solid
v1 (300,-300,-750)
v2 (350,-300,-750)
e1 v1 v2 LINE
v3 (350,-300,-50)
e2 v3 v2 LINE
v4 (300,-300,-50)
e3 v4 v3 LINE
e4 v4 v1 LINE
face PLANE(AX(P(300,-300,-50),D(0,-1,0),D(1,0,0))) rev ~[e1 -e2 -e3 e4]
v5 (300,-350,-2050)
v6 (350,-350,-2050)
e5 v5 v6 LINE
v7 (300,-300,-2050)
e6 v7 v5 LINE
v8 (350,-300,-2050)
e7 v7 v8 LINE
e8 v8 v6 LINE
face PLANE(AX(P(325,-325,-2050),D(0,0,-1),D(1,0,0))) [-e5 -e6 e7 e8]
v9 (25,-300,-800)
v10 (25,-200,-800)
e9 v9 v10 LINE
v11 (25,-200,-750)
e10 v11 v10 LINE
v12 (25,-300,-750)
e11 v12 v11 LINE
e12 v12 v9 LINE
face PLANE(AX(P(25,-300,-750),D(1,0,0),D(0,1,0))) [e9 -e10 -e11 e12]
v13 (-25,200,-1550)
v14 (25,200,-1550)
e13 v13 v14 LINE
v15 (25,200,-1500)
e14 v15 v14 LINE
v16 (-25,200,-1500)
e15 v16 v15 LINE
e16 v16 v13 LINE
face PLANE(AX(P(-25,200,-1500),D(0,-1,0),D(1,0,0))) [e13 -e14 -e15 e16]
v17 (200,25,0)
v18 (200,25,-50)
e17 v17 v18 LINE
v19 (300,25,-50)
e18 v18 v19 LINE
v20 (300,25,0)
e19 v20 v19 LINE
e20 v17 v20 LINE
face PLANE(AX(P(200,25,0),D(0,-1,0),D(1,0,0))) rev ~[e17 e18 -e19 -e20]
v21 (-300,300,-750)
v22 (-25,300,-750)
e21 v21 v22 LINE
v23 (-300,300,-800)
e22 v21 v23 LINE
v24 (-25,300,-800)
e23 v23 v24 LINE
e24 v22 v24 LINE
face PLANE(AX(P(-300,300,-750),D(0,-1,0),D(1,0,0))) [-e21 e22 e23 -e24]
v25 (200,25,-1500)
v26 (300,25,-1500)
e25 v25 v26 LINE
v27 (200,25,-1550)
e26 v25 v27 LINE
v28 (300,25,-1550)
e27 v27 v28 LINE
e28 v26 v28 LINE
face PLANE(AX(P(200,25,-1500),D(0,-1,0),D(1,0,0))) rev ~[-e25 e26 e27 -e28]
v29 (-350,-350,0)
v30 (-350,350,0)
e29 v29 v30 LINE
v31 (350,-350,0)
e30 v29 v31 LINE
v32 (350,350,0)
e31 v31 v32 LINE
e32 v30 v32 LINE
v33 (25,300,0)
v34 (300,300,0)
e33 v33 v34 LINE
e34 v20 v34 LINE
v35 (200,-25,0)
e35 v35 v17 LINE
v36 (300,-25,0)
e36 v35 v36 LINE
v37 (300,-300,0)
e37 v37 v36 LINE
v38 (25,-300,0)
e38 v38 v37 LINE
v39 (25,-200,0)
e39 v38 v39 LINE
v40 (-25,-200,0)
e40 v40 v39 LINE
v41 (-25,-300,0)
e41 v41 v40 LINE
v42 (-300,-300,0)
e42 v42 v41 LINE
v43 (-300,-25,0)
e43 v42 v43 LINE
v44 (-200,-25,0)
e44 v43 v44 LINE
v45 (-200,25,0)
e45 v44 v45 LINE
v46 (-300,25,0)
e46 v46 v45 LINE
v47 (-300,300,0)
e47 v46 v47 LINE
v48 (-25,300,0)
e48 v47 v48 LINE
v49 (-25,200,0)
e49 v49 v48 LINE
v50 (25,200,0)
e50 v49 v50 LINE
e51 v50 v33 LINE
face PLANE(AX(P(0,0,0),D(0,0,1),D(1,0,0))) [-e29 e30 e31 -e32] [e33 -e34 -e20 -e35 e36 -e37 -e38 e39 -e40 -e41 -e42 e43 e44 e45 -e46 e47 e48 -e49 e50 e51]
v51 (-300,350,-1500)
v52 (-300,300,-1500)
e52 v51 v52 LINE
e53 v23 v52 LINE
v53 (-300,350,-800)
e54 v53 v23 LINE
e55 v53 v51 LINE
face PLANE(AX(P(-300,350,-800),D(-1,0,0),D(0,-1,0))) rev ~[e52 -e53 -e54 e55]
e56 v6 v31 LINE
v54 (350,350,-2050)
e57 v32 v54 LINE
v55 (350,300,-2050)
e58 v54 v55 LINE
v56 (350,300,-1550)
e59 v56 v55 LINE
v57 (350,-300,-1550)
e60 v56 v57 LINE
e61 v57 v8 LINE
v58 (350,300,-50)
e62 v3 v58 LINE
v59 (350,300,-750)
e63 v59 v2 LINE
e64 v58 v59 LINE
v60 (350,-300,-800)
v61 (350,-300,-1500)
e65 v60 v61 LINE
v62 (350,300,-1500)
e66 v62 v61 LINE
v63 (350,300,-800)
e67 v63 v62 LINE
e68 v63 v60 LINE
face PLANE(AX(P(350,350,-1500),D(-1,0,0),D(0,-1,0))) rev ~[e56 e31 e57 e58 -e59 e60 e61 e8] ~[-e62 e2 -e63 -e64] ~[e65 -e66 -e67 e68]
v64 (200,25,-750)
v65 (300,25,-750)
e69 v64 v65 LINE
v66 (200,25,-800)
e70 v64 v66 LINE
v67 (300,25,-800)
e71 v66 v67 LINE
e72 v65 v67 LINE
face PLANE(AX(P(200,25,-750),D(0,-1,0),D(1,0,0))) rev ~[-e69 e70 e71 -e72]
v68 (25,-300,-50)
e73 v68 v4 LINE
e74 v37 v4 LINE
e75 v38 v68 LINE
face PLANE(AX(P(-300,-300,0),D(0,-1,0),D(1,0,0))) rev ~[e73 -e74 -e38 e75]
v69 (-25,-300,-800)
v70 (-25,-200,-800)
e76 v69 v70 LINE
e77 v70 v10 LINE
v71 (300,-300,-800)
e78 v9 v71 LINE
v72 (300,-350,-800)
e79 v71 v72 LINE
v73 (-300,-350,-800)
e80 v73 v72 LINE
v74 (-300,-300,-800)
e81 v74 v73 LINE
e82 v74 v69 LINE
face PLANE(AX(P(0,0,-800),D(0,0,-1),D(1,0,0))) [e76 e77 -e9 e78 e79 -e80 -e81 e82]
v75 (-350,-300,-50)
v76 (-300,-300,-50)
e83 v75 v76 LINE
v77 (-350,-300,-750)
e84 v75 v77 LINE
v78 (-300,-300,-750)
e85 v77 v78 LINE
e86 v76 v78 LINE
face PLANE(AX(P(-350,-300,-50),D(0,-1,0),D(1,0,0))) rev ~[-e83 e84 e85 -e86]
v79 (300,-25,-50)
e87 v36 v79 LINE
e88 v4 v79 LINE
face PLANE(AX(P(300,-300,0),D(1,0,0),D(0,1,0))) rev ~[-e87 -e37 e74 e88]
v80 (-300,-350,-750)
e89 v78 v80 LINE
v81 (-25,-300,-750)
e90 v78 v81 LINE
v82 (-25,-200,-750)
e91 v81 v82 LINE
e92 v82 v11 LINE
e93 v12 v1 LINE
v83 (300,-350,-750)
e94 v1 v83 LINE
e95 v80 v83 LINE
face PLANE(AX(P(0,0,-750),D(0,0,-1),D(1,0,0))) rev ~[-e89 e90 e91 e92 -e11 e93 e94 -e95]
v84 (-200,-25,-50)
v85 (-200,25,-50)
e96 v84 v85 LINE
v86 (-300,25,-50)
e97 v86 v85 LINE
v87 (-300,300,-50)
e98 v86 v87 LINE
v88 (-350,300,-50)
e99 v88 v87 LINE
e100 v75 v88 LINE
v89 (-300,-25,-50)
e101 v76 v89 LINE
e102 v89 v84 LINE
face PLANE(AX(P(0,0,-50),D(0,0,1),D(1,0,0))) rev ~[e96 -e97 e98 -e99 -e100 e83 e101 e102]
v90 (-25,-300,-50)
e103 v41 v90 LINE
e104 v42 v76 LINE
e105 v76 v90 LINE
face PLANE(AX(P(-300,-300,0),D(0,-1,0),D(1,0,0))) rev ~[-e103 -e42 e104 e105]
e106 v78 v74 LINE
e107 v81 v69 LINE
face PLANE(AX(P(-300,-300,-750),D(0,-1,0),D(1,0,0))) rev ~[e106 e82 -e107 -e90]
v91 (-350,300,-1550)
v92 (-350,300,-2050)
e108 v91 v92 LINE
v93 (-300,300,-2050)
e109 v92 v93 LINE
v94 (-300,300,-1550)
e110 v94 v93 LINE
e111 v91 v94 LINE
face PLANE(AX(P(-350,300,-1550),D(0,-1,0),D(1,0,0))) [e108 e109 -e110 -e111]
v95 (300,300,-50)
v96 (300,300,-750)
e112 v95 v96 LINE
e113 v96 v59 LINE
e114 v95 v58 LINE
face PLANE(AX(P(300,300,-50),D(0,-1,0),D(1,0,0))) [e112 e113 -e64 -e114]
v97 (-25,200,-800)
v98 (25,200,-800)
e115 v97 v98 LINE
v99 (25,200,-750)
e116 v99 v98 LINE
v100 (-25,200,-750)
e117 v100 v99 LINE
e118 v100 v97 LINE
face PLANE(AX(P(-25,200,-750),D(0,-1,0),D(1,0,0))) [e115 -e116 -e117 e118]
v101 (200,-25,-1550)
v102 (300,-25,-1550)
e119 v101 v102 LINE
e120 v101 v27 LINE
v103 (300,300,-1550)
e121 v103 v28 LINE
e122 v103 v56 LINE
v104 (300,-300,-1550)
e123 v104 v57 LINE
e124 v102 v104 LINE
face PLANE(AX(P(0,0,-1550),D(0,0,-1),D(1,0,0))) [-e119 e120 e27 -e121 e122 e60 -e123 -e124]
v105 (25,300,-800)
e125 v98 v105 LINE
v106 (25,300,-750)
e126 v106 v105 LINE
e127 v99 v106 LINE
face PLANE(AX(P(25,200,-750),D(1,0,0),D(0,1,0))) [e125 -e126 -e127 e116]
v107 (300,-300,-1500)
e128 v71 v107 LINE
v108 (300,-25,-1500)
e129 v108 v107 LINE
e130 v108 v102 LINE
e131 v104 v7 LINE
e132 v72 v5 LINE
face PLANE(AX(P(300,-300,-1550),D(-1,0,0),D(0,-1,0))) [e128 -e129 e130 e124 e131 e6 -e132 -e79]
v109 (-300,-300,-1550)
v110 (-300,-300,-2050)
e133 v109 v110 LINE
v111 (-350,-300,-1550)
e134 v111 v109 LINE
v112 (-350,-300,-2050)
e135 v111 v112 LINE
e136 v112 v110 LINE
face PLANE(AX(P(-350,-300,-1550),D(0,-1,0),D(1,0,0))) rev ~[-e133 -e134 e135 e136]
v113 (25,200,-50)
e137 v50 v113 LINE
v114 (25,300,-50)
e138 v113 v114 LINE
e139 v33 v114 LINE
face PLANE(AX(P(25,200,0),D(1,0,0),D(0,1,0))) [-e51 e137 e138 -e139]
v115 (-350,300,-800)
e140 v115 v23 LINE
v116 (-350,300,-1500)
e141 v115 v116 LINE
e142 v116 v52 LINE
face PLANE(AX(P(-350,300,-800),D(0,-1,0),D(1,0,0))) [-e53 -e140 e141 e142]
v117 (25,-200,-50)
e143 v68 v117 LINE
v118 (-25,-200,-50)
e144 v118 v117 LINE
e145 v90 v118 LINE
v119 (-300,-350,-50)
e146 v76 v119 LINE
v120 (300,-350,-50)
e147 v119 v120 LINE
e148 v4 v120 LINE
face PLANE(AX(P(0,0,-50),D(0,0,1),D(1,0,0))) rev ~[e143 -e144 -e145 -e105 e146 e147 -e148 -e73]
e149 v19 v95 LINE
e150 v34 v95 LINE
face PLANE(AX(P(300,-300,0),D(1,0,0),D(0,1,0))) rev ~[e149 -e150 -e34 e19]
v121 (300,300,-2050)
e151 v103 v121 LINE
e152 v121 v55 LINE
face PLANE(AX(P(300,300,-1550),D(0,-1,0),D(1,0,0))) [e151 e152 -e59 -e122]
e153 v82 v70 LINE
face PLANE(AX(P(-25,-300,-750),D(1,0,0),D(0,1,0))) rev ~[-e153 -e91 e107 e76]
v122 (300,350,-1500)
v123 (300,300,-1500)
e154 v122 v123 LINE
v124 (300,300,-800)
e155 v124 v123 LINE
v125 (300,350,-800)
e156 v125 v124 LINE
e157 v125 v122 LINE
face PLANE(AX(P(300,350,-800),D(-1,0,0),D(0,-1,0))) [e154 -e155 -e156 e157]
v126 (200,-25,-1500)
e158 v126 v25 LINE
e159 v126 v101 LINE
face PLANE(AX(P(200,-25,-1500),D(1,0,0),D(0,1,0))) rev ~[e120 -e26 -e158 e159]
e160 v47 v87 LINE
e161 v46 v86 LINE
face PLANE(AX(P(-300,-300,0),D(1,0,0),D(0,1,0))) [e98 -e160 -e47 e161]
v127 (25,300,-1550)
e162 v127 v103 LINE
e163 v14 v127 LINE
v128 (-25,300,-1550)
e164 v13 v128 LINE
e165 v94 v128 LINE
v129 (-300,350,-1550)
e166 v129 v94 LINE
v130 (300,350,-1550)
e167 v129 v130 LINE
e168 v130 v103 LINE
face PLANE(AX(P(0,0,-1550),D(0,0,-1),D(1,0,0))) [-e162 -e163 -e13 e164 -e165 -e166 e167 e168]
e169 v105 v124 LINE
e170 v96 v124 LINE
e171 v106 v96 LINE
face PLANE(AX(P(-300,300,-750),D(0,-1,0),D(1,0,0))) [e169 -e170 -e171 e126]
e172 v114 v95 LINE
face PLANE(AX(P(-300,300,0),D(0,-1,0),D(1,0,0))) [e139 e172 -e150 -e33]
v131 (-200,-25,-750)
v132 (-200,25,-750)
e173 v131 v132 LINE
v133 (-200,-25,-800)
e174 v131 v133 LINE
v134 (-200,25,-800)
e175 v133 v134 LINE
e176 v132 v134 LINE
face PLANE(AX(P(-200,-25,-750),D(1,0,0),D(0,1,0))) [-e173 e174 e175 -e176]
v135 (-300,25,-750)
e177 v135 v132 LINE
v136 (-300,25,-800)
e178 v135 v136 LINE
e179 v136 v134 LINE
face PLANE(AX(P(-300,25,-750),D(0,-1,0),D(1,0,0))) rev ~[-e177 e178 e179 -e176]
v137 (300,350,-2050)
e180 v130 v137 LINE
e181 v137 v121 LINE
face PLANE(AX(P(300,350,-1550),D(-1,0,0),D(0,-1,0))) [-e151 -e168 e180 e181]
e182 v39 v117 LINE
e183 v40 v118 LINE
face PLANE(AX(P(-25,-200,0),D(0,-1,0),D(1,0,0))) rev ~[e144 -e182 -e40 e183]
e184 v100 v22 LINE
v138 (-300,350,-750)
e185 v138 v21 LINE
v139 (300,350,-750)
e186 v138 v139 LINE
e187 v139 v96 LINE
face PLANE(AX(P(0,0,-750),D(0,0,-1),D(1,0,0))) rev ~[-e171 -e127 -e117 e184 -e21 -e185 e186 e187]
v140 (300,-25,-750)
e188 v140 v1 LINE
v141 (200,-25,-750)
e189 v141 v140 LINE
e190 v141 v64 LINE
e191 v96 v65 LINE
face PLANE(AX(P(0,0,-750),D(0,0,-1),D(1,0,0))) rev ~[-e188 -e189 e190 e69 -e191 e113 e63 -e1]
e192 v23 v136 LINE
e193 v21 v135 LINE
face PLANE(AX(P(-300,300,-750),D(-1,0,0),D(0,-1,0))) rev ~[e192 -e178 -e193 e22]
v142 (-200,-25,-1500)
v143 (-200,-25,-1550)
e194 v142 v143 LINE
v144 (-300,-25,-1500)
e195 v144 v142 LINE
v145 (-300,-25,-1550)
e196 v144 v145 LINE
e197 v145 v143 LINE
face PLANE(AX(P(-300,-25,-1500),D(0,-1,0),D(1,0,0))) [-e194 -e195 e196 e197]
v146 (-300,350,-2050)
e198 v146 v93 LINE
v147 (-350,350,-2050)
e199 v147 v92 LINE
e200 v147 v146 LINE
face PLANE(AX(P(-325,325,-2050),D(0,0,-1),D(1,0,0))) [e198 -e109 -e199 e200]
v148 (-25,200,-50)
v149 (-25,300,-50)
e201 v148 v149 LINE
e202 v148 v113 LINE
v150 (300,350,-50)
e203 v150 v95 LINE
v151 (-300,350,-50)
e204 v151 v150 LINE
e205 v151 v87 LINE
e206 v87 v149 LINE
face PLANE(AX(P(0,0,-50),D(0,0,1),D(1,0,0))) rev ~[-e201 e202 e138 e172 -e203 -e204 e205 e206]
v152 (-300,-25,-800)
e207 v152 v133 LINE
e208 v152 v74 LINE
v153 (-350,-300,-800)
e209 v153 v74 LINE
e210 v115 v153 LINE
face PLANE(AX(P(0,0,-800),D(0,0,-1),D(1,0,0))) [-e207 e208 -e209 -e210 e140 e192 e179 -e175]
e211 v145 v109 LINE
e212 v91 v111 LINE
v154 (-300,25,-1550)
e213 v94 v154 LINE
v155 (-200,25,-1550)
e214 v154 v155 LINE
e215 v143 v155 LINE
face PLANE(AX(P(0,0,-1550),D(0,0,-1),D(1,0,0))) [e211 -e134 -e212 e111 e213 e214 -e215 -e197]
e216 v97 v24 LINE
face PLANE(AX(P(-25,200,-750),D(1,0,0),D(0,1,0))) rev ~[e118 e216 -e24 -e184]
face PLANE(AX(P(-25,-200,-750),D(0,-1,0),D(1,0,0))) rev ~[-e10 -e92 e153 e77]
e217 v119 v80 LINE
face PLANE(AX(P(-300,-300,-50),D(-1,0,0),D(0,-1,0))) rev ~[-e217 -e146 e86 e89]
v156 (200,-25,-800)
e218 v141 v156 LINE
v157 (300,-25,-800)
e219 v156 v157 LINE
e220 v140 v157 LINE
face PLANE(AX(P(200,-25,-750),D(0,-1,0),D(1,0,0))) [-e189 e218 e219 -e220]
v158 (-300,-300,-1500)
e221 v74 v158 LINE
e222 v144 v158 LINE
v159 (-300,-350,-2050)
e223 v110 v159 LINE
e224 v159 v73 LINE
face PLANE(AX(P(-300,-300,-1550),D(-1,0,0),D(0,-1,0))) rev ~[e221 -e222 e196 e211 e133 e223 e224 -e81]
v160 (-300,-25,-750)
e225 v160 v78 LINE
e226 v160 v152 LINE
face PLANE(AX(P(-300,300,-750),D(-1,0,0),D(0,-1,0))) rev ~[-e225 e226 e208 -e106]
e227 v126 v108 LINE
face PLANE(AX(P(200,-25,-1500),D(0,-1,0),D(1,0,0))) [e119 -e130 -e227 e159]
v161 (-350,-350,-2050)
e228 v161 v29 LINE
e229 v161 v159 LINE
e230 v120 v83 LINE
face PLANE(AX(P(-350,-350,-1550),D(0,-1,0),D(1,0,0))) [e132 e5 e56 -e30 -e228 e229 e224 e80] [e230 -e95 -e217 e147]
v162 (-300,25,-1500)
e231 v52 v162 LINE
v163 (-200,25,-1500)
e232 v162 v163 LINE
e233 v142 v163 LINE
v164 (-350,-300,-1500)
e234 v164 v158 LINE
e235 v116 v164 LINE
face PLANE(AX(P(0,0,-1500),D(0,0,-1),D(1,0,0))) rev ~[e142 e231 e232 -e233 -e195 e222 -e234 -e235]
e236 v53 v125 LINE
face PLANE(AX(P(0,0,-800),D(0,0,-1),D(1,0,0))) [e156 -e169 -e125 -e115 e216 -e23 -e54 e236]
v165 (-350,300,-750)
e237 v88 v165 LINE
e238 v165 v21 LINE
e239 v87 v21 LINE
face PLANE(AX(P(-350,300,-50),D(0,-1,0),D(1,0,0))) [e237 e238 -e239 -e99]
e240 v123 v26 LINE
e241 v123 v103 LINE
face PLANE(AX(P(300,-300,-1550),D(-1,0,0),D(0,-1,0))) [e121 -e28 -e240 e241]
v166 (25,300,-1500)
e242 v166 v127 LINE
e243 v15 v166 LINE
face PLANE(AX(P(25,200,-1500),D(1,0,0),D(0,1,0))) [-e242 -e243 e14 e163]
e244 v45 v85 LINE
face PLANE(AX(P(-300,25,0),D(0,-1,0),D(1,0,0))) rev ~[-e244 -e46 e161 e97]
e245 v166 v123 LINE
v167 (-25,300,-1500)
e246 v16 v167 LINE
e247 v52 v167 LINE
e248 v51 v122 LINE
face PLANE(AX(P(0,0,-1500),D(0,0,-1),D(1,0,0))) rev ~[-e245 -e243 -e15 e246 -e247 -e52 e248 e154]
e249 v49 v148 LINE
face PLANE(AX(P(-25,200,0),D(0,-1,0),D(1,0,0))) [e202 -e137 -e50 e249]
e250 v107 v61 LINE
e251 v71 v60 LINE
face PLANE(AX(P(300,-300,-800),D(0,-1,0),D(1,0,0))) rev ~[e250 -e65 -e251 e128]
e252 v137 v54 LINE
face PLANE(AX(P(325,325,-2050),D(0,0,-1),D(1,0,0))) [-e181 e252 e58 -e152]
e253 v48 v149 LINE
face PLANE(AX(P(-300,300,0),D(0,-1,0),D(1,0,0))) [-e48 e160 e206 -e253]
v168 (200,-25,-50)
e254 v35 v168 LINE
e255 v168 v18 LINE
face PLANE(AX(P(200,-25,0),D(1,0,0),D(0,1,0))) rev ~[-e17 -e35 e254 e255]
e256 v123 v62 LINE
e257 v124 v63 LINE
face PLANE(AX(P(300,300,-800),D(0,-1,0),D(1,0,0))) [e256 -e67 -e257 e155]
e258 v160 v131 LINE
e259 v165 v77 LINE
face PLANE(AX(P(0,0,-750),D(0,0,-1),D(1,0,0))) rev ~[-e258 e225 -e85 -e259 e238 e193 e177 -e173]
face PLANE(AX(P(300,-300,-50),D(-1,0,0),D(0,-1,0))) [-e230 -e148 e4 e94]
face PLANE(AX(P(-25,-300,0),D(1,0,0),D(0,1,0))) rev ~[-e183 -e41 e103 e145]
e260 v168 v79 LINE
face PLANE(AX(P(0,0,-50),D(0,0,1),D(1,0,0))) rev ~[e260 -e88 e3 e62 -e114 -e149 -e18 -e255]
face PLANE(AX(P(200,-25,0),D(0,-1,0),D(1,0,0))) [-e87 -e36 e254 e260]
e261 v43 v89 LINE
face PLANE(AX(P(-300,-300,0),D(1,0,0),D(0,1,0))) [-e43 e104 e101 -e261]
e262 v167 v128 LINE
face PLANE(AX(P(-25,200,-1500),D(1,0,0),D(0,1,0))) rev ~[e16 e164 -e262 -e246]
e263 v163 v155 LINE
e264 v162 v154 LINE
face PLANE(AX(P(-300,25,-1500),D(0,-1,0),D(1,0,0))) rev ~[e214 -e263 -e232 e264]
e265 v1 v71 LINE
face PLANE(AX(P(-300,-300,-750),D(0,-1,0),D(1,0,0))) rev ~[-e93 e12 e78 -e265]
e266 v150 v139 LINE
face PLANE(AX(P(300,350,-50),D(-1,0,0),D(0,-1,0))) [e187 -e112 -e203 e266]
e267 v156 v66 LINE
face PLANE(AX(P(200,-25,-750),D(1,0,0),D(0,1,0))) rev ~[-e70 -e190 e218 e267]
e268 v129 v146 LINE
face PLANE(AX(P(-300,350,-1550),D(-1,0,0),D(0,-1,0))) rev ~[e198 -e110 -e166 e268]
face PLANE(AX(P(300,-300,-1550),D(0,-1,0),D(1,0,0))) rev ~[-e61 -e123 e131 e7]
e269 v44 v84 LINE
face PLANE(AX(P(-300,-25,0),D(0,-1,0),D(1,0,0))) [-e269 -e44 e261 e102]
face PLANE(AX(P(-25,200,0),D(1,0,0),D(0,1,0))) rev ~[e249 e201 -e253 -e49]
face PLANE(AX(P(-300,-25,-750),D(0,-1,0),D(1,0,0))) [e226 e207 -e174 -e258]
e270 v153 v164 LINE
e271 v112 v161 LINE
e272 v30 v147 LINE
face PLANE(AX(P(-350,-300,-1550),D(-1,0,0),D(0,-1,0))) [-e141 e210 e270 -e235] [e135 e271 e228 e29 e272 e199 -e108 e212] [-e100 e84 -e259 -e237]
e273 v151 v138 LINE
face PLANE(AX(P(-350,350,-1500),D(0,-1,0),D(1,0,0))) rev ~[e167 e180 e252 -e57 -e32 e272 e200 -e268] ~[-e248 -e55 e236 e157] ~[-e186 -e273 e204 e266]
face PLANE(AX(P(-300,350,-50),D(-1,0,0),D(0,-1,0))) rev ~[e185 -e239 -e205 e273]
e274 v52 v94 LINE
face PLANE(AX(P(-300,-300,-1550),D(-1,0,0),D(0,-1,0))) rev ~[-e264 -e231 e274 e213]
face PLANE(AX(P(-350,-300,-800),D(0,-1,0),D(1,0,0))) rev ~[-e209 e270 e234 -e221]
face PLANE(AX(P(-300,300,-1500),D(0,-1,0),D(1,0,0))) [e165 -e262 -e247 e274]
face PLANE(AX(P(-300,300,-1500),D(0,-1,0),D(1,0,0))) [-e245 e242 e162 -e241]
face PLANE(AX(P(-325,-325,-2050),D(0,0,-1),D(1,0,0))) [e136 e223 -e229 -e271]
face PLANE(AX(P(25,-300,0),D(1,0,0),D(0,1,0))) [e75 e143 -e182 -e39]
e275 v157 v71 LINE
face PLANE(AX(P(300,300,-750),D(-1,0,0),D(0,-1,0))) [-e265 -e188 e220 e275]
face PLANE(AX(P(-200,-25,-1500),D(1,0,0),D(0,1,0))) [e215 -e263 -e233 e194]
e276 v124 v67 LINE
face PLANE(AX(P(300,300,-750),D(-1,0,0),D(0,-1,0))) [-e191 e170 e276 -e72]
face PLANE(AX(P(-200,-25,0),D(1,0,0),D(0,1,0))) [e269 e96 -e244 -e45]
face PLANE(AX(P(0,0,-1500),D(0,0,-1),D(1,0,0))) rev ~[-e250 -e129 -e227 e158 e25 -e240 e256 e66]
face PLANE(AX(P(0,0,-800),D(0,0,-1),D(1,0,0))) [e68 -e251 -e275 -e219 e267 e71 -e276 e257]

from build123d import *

# Parameters (mm, degrees)
F0_W      = 700
F0_H      = 700
F0_W_2    = 600
F0_H_2    = 600
F1_DEPTH  = 50
F2_W      = 50
F2_H      = 50
F3_DEPTH  = 700
F4_W      = 700
F4_H      = 700
F4_W_2    = 600
F4_H_2    = 600
F5_DEPTH  = 50
F6_W      = 100
F6_H      = 50
F6_W_2    = 50
F6_H_2    = 100
F7_DEPTH  = 50
F8_W      = 50
F8_H      = 50
F9_DEPTH  = 700
F10_W     = 700
F10_H     = 700
F10_W_2   = 600
F10_H_2   = 600
F11_DEPTH = 50
F12_W     = 50
F12_H     = 50
F13_DEPTH = 500
F14_W     = 100
F14_H     = 50
F14_W_2   = 50
F14_H_2   = 100
F15_DEPTH = 50
F16_W     = 600
F16_H     = 50
F17_DEPTH = 50
F18_W     = 100
F18_H     = 50
F18_W_2   = 50
F18_H_2   = 100
F19_DEPTH = 50


with BuildPart() as f1:
    # F0 (on Top) → F1 (new body)
    with BuildSketch(Plane.XY):
        Rectangle(F0_W, F0_H)
        Rectangle(F0_W_2, F0_H_2, mode=Mode.SUBTRACT)
    extrude(amount=-F1_DEPTH)

    # F2 (on face) → F3 (join)
    with BuildSketch(Plane(origin=(0, 0, -50), x_dir=(1, 0, 0), z_dir=(0, 0, -1))):
        with Locations((-325, 325)):
            Rectangle(F2_W, F2_H)
        with Locations((325, 325)):
            Rectangle(F2_W, F2_H)
        with Locations((325, -325)):
            Rectangle(F2_W, F2_H)
        with Locations((-325, -325)):
            Rectangle(F2_W, F2_H)
    extrude(amount=F3_DEPTH)

    # F4 (on face) → F5 (join)
    with BuildSketch(Plane(origin=(0, 0, -750), x_dir=(1, 0, 0), z_dir=(0, 0, -1))):
        Rectangle(F4_W, F4_H)
        Rectangle(F4_W_2, F4_H_2, mode=Mode.SUBTRACT)
    extrude(amount=F5_DEPTH)

    # F6 (on face) → F7 (join)
    with BuildSketch(Plane.XY):
        with Locations((-250, 0)):
            Rectangle(F6_W, F6_H)
        with Locations((0, -250)):
            Rectangle(F6_W_2, F6_H_2)
        with Locations((250, 0)):
            Rectangle(F6_W, F6_H)
        with Locations((0, 250)):
            Rectangle(F6_W_2, F6_H_2)
    extrude(amount=-F7_DEPTH)

    # F8 (on face) → F9 (join)
    with BuildSketch(Plane(origin=(0, 0, -800), x_dir=(1, 0, 0), z_dir=(0, 0, -1))):
        with Locations((-325, 325)):
            Rectangle(F8_W, F8_H)
        with Locations((325, 325)):
            Rectangle(F8_W, F8_H)
        with Locations((-325, -325)):
            Rectangle(F8_W, F8_H)
        with Locations((325, -325)):
            Rectangle(F8_W, F8_H)
    extrude(amount=F9_DEPTH)

    # F10 (on face) → F11 (join)
    with BuildSketch(Plane(origin=(0, 0, -1500), x_dir=(1, 0, 0), z_dir=(0, 0, -1))):
        Rectangle(F10_W, F10_H)
        Rectangle(F10_W_2, F10_H_2, mode=Mode.SUBTRACT)
    extrude(amount=F11_DEPTH)

    # F12 (on face) → F13 (join)
    with BuildSketch(Plane(origin=(0, 0, -1550), x_dir=(1, 0, 0), z_dir=(0, 0, -1))):
        with Locations((-325, 325)):
            Rectangle(F12_W, F12_H)
        with Locations((325, 325)):
            Rectangle(F12_W, F12_H)
        with Locations((-325, -325)):
            Rectangle(F12_W, F12_H)
        with Locations((325, -325)):
            Rectangle(F12_W, F12_H)
    extrude(amount=F13_DEPTH)

    # F14 (on face) → F15 (join)
    with BuildSketch(Plane.XY.offset(-750)):
        with Locations((-250, 0)):
            Rectangle(F14_W, F14_H)
        with Locations((0, -250)):
            Rectangle(F14_W_2, F14_H_2)
        with Locations((250, 0)):
            Rectangle(F14_W, F14_H)
        with Locations((0, 250)):
            Rectangle(F14_W_2, F14_H_2)
    extrude(amount=-F15_DEPTH)

    # F16 (on face) → F17 (cut, through all)
    with BuildSketch(Plane.XY.offset(-1500)):
        with Locations((0, -325)):
            Rectangle(F16_W, F16_H)
    extrude(amount=-F17_DEPTH, mode=Mode.SUBTRACT)

    # F18 (on face) → F19 (join)
    with BuildSketch(Plane.XY.offset(-1500)):
        with Locations((-250, 0)):
            Rectangle(F18_W, F18_H)
        with Locations((250, 0)):
            Rectangle(F18_W, F18_H)
        with Locations((0, 250)):
            Rectangle(F18_W_2, F18_H_2)
    extrude(amount=-F19_DEPTH)


solid = f1.part
